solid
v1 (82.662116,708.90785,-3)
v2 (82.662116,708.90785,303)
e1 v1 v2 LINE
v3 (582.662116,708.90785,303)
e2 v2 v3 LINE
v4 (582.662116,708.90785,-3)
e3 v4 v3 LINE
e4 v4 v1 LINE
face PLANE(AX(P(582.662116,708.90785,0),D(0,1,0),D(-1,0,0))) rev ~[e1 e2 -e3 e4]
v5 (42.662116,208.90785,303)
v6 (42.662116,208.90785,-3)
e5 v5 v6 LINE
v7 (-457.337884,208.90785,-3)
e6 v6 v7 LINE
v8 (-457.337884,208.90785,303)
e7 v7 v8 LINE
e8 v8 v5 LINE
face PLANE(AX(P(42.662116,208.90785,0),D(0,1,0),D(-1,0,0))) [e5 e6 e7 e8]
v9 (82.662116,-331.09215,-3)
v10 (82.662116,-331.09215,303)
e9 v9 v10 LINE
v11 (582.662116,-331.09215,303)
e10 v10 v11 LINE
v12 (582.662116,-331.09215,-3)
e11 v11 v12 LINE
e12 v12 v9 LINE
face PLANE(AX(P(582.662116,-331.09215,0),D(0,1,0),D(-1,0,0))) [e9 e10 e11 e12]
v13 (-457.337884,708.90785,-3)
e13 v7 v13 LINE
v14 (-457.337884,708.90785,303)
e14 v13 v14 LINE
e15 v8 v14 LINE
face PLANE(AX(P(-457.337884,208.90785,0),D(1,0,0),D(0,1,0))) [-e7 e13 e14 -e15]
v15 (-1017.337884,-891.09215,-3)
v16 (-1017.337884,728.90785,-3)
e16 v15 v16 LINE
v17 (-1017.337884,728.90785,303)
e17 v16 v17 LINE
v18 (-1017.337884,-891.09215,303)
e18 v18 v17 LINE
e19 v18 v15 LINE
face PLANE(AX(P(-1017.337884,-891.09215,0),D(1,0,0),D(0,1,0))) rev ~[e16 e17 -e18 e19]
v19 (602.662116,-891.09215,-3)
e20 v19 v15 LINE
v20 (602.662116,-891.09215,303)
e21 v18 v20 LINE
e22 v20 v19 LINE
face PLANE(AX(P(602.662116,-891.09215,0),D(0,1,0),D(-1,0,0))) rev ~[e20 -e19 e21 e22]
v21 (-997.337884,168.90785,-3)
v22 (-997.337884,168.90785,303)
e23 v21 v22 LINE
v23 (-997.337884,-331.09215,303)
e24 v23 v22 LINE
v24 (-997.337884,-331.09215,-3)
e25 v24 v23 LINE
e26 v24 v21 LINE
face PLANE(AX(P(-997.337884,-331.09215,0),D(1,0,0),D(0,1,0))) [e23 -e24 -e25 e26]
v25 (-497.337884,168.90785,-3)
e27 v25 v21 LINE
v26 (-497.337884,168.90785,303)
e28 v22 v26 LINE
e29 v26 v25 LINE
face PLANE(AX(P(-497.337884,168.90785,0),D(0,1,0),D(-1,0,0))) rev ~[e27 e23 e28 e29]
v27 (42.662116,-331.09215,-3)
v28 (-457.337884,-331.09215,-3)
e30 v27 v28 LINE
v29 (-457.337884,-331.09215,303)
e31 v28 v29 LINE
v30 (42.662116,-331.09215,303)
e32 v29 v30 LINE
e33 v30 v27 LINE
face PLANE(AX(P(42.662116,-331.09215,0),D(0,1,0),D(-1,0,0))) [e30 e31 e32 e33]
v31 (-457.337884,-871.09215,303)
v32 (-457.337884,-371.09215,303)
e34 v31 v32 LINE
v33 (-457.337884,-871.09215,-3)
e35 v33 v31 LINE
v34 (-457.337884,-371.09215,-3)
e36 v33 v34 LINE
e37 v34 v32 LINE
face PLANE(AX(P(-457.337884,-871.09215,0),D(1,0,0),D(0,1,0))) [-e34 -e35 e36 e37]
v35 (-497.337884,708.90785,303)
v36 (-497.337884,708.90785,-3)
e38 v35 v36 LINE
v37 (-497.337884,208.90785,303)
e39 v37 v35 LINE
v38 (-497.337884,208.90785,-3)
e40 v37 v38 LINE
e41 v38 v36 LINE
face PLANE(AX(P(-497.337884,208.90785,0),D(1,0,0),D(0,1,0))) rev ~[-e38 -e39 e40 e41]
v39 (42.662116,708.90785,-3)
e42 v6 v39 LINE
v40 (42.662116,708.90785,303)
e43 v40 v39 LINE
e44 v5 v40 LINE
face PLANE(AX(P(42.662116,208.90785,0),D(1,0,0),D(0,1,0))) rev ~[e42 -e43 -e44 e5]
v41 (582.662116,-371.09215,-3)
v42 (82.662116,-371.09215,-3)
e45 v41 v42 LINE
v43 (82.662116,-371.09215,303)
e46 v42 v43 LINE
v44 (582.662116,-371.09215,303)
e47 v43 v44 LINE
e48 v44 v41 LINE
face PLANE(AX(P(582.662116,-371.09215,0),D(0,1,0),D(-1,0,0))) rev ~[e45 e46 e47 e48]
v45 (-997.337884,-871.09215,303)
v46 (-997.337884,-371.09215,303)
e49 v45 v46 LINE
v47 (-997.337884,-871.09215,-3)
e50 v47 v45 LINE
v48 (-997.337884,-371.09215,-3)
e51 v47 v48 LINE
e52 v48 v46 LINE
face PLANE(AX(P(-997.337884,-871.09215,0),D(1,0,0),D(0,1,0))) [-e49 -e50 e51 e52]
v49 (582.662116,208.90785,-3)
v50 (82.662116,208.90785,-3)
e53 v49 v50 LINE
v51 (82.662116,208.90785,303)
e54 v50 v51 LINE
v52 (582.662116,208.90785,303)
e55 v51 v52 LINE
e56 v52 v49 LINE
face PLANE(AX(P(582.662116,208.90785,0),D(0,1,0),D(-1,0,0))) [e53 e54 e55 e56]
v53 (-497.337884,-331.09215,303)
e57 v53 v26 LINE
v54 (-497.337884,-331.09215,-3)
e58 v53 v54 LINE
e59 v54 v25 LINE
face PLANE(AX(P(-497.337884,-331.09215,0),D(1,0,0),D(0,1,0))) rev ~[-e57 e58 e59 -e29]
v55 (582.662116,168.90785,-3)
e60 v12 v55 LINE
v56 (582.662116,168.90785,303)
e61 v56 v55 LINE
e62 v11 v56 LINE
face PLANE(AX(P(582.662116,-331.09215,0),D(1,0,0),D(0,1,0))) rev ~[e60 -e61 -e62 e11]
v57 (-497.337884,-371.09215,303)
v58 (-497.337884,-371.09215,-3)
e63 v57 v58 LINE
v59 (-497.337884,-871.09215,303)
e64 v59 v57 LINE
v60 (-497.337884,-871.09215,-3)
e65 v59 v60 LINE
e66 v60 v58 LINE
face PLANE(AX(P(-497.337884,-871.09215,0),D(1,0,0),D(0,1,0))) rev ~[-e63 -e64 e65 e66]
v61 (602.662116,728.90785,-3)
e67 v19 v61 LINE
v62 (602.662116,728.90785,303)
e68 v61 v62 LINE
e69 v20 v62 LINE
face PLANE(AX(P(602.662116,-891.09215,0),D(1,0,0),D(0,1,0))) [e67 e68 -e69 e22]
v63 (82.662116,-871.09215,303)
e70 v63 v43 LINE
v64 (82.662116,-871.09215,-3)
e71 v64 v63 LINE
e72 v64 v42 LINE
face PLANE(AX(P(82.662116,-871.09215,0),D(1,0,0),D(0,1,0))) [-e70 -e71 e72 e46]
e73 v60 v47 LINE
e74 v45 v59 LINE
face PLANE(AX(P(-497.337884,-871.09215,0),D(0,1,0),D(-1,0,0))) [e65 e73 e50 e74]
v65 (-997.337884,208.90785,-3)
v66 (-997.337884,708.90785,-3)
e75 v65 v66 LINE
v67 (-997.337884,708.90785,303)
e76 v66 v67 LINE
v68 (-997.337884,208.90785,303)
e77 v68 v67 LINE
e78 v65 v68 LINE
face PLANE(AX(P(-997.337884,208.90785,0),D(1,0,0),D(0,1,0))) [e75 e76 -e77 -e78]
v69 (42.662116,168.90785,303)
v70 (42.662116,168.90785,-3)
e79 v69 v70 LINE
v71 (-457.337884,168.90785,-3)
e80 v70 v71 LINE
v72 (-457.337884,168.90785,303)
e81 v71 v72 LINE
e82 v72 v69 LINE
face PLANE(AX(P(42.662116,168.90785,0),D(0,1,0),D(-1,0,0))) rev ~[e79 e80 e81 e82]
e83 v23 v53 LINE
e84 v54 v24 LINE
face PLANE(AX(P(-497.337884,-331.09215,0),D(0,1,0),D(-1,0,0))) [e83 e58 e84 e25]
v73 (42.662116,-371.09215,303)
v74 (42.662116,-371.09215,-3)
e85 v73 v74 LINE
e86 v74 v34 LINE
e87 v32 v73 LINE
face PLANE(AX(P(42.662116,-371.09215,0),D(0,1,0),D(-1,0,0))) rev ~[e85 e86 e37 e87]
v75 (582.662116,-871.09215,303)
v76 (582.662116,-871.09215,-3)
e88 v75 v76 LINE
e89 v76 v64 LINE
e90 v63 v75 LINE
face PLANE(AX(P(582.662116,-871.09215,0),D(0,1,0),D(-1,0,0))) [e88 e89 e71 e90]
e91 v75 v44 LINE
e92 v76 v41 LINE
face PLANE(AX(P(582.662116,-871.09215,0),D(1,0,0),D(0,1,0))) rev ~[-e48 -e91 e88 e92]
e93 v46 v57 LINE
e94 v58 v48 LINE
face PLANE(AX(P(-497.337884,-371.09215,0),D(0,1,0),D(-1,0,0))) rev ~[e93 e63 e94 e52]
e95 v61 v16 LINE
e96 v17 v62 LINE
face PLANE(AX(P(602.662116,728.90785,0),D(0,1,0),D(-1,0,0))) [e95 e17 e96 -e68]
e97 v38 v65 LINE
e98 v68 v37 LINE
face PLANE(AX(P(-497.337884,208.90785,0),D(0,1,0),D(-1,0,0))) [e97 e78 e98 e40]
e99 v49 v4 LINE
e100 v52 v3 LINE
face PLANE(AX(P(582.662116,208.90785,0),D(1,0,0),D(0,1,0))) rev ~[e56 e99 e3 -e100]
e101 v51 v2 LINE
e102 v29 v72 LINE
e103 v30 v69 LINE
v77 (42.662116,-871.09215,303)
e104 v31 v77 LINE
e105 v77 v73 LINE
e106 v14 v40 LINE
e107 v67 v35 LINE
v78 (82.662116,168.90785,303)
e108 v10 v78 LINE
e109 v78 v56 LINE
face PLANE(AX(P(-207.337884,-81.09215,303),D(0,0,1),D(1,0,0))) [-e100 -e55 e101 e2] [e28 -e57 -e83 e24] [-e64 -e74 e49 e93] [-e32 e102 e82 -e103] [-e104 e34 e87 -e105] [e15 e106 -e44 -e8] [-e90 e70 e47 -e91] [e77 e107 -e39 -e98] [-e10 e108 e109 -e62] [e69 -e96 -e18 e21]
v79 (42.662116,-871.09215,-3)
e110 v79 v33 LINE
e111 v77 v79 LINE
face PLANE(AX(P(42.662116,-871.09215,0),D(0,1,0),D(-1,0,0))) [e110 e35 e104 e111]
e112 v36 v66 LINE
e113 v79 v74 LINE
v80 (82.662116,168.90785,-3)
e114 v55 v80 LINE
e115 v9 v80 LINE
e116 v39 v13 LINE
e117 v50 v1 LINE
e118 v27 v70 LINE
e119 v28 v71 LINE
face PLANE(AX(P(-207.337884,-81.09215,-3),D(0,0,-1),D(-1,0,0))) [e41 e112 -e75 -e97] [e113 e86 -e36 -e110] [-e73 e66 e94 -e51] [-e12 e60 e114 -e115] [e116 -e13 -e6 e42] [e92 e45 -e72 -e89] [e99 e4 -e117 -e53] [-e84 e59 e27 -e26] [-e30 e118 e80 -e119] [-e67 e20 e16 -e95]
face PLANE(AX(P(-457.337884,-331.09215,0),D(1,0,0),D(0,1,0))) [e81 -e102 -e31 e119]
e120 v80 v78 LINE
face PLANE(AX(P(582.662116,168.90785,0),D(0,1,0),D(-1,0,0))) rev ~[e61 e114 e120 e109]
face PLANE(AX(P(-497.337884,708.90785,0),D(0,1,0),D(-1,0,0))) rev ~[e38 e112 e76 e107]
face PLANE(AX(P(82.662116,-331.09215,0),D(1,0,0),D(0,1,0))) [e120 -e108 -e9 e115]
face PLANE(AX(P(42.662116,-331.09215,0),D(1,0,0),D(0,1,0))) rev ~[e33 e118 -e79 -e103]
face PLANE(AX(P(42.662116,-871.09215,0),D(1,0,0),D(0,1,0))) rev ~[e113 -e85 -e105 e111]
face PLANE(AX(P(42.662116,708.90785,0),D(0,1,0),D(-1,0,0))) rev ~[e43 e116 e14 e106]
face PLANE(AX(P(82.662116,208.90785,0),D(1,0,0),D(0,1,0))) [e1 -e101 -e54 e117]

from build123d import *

# Parameters (mm, degrees)
SKETCH1_W           = 1620
SKETCH1_H           = 1620
SKETCH1_W_2         = 500
SKETCH1_H_2         = 500
BOSS_EXTRUDE1_DEPTH = 300
SKETCH2_W           = 1620
SKETCH2_H           = 1620
SKETCH2_W_2         = 500
SKETCH2_H_2         = 500
BOSS_EXTRUDE2_DEPTH = 3
SKETCH3_W           = 1620
SKETCH3_H           = 1620
SKETCH3_W_2         = 500
SKETCH3_H_2         = 500
BOSS_EXTRUDE3_DEPTH = 3


with BuildPart() as part:
    # Sketch1 → Boss-Extrude1 (new body)
    with BuildSketch(Plane.XY):
        with Locations((-207.337883959, -81.092150171)):
            Rectangle(SKETCH1_W, SKETCH1_H)
        with Locations((-747.337883959, -621.092150171)):
            Rectangle(SKETCH1_W_2, SKETCH1_H_2, mode=Mode.SUBTRACT)
        with Locations((-207.337883959, -621.092150171)):
            Rectangle(SKETCH1_W_2, SKETCH1_H_2, mode=Mode.SUBTRACT)
        with Locations((-747.337883959, -81.092150171)):
            Rectangle(SKETCH1_W_2, SKETCH1_H_2, mode=Mode.SUBTRACT)
        with Locations((332.662116041, -81.092150171)):
            Rectangle(SKETCH1_W_2, SKETCH1_H_2, mode=Mode.SUBTRACT)
        with Locations((-747.337883959, 458.907849829)):
            Rectangle(SKETCH1_W_2, SKETCH1_H_2, mode=Mode.SUBTRACT)
        with Locations((-207.337883959, 458.907849829)):
            Rectangle(SKETCH1_W_2, SKETCH1_H_2, mode=Mode.SUBTRACT)
        with Locations((332.662116041, 458.907849829)):
            Rectangle(SKETCH1_W_2, SKETCH1_H_2, mode=Mode.SUBTRACT)
        with Locations((-207.337883959, -81.092150171)):
            Rectangle(SKETCH1_W_2, SKETCH1_H_2, mode=Mode.SUBTRACT)
        with Locations((332.662116041, -621.092150171)):
            Rectangle(SKETCH1_W_2, SKETCH1_H_2, mode=Mode.SUBTRACT)
    extrude(amount=BOSS_EXTRUDE1_DEPTH)

    # Sketch2 → Boss-Extrude2 (add)
    with BuildSketch(Plane.XY.offset(300)):
        with Locations((-207.337883959, -81.092150171)):
            Rectangle(SKETCH2_W, SKETCH2_H)
        with Locations((332.662116041, 458.907849829)):
            Rectangle(SKETCH2_W_2, SKETCH2_H_2, mode=Mode.SUBTRACT)
        with Locations((-747.337883959, 458.907849829)):
            Rectangle(SKETCH2_W_2, SKETCH2_H_2, mode=Mode.SUBTRACT)
        with Locations((-207.337883959, 458.907849829)):
            Rectangle(SKETCH2_W_2, SKETCH2_H_2, mode=Mode.SUBTRACT)
        with Locations((-747.337883959, -81.092150171)):
            Rectangle(SKETCH2_W_2, SKETCH2_H_2, mode=Mode.SUBTRACT)
        with Locations((-207.337883959, -81.092150171)):
            Rectangle(SKETCH2_W_2, SKETCH2_H_2, mode=Mode.SUBTRACT)
        with Locations((332.662116041, -81.092150171)):
            Rectangle(SKETCH2_W_2, SKETCH2_H_2, mode=Mode.SUBTRACT)
        with Locations((-747.337883959, -621.092150171)):
            Rectangle(SKETCH2_W_2, SKETCH2_H_2, mode=Mode.SUBTRACT)
        with Locations((-207.337883959, -621.092150171)):
            Rectangle(SKETCH2_W_2, SKETCH2_H_2, mode=Mode.SUBTRACT)
        with Locations((332.662116041, -621.092150171)):
            Rectangle(SKETCH2_W_2, SKETCH2_H_2, mode=Mode.SUBTRACT)
    extrude(amount=BOSS_EXTRUDE2_DEPTH)

    # Sketch3 → Boss-Extrude3 (add)
    with BuildSketch(Plane(origin=(0, 0, 0), x_dir=(-1, 0, 0), z_dir=(0, 0, -1))):
        with Locations((207.337883959, -81.092150171)):
            Rectangle(SKETCH3_W, SKETCH3_H)
        with Locations((747.337883959, -621.092150171)):
            Rectangle(SKETCH3_W_2, SKETCH3_H_2, mode=Mode.SUBTRACT)
        with Locations((207.337883959, -621.092150171)):
            Rectangle(SKETCH3_W_2, SKETCH3_H_2, mode=Mode.SUBTRACT)
        with Locations((-332.662116041, -621.092150171)):
            Rectangle(SKETCH3_W_2, SKETCH3_H_2, mode=Mode.SUBTRACT)
        with Locations((207.337883959, -81.092150171)):
            Rectangle(SKETCH3_W_2, SKETCH3_H_2, mode=Mode.SUBTRACT)
        with Locations((-332.662116041, -81.092150171)):
            Rectangle(SKETCH3_W_2, SKETCH3_H_2, mode=Mode.SUBTRACT)
        with Locations((207.337883959, 458.907849829)):
            Rectangle(SKETCH3_W_2, SKETCH3_H_2, mode=Mode.SUBTRACT)
        with Locations((747.337883959, -81.092150171)):
            Rectangle(SKETCH3_W_2, SKETCH3_H_2, mode=Mode.SUBTRACT)
        with Locations((747.337883959, 458.907849829)):
            Rectangle(SKETCH3_W_2, SKETCH3_H_2, mode=Mode.SUBTRACT)
        with Locations((-332.662116041, 458.907849829)):
            Rectangle(SKETCH3_W_2, SKETCH3_H_2, mode=Mode.SUBTRACT)
    extrude(amount=BOSS_EXTRUDE3_DEPTH)


solid = part.part
